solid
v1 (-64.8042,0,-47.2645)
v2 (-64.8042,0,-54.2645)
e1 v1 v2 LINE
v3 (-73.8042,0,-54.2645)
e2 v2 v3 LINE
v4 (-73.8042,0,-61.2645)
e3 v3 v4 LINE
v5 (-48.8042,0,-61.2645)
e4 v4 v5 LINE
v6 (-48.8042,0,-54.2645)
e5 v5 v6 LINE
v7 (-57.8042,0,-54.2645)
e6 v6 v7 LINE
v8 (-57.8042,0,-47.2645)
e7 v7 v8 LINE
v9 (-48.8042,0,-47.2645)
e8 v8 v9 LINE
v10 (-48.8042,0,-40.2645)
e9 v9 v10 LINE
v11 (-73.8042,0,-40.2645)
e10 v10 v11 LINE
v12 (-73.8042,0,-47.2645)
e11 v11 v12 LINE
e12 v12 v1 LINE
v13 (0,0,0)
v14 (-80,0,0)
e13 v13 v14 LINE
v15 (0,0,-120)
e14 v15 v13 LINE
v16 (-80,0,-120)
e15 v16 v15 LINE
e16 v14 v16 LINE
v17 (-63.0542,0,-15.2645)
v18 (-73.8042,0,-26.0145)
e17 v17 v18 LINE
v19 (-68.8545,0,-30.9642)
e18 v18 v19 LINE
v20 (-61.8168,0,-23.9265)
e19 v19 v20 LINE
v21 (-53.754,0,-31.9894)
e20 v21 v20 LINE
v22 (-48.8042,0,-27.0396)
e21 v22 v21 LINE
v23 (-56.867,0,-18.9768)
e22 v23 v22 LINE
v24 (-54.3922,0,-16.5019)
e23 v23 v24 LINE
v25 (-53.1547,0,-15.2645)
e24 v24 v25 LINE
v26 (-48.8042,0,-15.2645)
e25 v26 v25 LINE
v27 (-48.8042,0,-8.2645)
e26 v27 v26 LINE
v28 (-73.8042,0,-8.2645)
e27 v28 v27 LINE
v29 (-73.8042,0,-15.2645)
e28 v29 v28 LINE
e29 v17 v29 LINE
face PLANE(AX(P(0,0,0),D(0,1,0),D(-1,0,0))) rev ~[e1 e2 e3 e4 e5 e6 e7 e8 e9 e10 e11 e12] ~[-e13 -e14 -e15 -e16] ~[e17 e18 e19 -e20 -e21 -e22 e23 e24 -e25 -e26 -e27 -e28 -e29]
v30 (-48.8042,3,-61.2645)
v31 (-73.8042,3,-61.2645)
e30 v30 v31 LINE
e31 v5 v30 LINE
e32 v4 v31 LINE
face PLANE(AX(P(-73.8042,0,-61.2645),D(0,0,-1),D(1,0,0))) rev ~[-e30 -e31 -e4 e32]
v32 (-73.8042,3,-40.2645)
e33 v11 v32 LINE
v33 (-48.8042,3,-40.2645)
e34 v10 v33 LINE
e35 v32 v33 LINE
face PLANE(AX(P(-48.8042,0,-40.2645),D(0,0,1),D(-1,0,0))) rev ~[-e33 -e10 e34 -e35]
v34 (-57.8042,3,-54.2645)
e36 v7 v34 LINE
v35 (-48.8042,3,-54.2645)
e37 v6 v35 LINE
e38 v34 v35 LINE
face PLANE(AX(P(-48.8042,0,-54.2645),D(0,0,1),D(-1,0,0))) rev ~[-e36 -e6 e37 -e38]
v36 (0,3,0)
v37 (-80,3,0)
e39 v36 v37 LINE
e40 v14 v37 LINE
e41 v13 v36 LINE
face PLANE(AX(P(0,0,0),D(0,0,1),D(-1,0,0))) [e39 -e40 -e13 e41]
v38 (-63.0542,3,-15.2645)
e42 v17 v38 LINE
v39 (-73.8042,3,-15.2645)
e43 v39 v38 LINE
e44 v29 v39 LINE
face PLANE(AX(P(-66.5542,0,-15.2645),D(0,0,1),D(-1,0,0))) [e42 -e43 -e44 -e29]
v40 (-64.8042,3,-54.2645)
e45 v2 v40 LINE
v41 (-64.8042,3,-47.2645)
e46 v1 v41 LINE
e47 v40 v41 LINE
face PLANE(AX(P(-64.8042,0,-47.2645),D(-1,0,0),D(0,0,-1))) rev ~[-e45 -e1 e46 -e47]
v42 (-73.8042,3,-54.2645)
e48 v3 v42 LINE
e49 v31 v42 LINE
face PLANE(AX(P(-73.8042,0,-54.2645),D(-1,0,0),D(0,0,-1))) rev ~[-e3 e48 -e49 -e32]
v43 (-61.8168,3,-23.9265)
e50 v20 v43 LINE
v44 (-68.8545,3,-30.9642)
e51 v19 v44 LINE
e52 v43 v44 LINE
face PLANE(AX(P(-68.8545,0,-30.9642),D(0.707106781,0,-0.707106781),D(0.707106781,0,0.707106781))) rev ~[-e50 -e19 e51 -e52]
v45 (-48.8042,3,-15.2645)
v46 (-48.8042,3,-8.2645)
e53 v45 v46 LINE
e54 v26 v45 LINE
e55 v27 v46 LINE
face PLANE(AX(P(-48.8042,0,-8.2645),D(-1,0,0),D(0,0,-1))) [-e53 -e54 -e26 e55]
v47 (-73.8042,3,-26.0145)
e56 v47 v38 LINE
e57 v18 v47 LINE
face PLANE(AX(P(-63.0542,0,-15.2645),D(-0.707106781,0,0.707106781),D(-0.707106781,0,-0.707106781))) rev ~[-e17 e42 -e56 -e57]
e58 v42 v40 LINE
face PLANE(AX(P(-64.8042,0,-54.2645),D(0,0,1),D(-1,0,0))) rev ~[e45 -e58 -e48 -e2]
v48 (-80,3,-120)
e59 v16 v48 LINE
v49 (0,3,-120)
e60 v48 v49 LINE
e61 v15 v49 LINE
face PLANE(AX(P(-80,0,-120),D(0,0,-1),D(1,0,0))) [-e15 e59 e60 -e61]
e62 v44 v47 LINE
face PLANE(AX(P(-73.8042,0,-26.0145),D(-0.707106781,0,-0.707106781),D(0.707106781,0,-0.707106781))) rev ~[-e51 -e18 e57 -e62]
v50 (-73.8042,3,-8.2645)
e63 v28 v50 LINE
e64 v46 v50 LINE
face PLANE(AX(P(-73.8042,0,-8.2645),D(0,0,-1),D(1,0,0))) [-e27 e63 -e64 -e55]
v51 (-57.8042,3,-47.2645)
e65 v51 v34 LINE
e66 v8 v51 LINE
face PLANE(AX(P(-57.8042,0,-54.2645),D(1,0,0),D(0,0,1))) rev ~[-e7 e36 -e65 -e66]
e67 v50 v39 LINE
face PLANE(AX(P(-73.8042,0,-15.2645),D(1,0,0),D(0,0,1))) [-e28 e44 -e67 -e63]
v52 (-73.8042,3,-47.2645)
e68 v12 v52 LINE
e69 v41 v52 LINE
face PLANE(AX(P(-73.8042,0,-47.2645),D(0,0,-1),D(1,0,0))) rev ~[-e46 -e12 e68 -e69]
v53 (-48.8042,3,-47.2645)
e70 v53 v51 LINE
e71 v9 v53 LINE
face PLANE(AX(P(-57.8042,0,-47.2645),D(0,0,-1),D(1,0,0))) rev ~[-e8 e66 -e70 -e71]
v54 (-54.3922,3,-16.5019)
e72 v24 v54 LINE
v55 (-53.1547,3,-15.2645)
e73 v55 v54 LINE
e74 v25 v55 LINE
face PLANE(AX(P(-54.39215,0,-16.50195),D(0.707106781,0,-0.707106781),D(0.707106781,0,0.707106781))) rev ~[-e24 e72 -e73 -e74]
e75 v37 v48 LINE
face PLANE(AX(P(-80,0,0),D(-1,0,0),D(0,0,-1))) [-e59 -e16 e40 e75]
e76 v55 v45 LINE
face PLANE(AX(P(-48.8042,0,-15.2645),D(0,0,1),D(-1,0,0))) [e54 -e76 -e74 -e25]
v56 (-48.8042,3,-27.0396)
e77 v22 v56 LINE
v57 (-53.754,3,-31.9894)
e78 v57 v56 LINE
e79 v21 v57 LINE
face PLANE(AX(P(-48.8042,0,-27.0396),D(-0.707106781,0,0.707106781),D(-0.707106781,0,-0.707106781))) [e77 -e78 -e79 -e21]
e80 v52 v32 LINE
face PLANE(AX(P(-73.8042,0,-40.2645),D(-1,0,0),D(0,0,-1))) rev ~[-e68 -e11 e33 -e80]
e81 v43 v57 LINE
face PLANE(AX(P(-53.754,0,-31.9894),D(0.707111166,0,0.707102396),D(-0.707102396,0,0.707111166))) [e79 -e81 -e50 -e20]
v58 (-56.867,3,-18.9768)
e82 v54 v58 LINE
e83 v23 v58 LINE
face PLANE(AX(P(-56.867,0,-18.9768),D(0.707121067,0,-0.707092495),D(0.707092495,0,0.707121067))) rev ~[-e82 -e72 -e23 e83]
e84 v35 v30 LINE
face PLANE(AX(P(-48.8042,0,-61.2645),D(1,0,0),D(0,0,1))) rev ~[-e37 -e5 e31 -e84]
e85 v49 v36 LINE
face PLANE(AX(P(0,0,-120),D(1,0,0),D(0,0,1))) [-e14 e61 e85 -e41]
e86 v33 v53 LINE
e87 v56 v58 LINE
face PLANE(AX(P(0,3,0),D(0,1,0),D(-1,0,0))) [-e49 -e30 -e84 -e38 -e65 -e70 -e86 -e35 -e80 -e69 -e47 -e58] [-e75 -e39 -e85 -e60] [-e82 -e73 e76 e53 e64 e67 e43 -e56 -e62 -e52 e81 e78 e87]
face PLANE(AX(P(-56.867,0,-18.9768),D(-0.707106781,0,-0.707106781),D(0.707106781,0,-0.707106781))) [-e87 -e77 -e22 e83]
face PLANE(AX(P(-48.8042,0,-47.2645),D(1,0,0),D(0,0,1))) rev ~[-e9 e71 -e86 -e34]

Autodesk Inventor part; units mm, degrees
ref_plane "YZ Plane" through (0, 0, 0) normal (1, 0, 0) x (0, 1, 0)
ref_plane "XZ Plane" through (0, 0, 0) normal (0, 1, 0) x (-1, 0, 0)
ref_plane "XY Plane" through (0, 0, 0) normal (0, 0, 1) x (1, 0, 0)
sketch "Sketch1" plane through (0, 0, 0) normal (0, 1, 0) x (-1, 0, 0)
  line L0 (0, 0) -> (80, 0)
  line L1 (80, 0) -> (80, -120)
  line L2 (80, -120) -> (0, -120)
  line L3 (0, -120) -> (0, 0)
  line L4 (73.8042, -8.2645) -> (48.8042, -8.2645)
  line L5 (48.8042, -8.2645) -> (48.8042, -15.2645)
  line L6 (73.8042, -15.2645) -> (73.8042, -8.2645)
  line L7 (63.0542, -15.2645) -> (66.5542, -15.2645)
  line L8 (63.0542, -15.2645) -> (73.8042, -26.0145)
  line L9 (63.0542, -15.2645) -> (78.257, -15.2645) construction
  line L10 (73.8042, -26.0145) -> (68.8545, -30.9642)
  line L11 (56.867, -18.9768) -> (54.3922, -16.5019)
  line L12 (56.867, -18.9768) -> (48.8042, -27.0396)
  line L13 (56.867, -18.9768) -> (68.2696, -18.9768) construction
  line L14 (48.8042, -27.0396) -> (53.754, -31.9894)
  line L15 (53.754, -31.9894) -> (61.8168, -23.9265)
  line L16 (68.8545, -30.9642) -> (61.8168, -23.9265)
  line L17 (56.867, -18.9768) -> (53.1547, -15.2645)
  line L18 (48.8042, -15.2645) -> (53.1547, -15.2645)
  line L19 (63.0542, -15.2645) -> (73.8042, -15.2645)
  line L20 (48.8042, -40.2645) -> (73.8042, -40.2645)
  line L21 (73.8042, -40.2645) -> (73.8042, -47.2645)
  line L22 (73.8042, -47.2645) -> (64.8042, -47.2645)
  line L23 (64.8042, -47.2645) -> (64.8042, -54.2645)
  line L24 (64.8042, -54.2645) -> (73.8042, -54.2645)
  line L25 (73.8042, -54.2645) -> (73.8042, -61.2645)
  line L26 (73.8042, -61.2645) -> (48.8042, -61.2645)
  line L27 (48.8042, -61.2645) -> (48.8042, -54.2645)
  line L28 (48.8042, -54.2645) -> (57.8042, -54.2645)
  line L29 (57.8042, -54.2645) -> (57.8042, -47.2645)
  line L30 (57.8042, -47.2645) -> (48.8042, -47.2645)
  line L31 (48.8042, -47.2645) -> (48.8042, -40.2645)
  dimension "d0" = 80
  dimension "d1" = 120
  dimension "d2" = 80
  dimension "d41" = 25
  dimension "d42" = 7
  dimension "d43" = 25
  dimension "d44" = 3.5
  dimension "d45" = 45
  dimension "d46" = 7
  dimension "d47" = 3.5
  dimension "d48" = 135
  dimension "d49" = 7
  dimension "d50" = 7
  dimension "d51" = 9
  dimension "d52" = 7
  dimension "d53" = 9
  dimension "d54" = 7
  dimension "d55" = 7
  dimension "d56" = 9
  dimension "d57" = 7
  dimension "d58" = 9
extrude "Extrusion1" add sketch "Sketch1" along normal blind 3 contours L0 L1 L2 L3 | L6 L19 L7 L8 L10 L16 L15 L14 L12 L11 L17 L18 L5 L4 | L20 L21 L22 L23 L24 L25 L26 L27 L28 L29 L30 L31
extrude "Extrusion2" cut sketch "Sketch1" along normal blind 50.5 contours L6 L19 L7 L8 L10 L16 L15 L14 L12 L11 L17 L18 L5 L4 | L20 L21 L22 L23 L24 L25 L26 L27 L28 L29 L30 L31
properties part number "lazer"
